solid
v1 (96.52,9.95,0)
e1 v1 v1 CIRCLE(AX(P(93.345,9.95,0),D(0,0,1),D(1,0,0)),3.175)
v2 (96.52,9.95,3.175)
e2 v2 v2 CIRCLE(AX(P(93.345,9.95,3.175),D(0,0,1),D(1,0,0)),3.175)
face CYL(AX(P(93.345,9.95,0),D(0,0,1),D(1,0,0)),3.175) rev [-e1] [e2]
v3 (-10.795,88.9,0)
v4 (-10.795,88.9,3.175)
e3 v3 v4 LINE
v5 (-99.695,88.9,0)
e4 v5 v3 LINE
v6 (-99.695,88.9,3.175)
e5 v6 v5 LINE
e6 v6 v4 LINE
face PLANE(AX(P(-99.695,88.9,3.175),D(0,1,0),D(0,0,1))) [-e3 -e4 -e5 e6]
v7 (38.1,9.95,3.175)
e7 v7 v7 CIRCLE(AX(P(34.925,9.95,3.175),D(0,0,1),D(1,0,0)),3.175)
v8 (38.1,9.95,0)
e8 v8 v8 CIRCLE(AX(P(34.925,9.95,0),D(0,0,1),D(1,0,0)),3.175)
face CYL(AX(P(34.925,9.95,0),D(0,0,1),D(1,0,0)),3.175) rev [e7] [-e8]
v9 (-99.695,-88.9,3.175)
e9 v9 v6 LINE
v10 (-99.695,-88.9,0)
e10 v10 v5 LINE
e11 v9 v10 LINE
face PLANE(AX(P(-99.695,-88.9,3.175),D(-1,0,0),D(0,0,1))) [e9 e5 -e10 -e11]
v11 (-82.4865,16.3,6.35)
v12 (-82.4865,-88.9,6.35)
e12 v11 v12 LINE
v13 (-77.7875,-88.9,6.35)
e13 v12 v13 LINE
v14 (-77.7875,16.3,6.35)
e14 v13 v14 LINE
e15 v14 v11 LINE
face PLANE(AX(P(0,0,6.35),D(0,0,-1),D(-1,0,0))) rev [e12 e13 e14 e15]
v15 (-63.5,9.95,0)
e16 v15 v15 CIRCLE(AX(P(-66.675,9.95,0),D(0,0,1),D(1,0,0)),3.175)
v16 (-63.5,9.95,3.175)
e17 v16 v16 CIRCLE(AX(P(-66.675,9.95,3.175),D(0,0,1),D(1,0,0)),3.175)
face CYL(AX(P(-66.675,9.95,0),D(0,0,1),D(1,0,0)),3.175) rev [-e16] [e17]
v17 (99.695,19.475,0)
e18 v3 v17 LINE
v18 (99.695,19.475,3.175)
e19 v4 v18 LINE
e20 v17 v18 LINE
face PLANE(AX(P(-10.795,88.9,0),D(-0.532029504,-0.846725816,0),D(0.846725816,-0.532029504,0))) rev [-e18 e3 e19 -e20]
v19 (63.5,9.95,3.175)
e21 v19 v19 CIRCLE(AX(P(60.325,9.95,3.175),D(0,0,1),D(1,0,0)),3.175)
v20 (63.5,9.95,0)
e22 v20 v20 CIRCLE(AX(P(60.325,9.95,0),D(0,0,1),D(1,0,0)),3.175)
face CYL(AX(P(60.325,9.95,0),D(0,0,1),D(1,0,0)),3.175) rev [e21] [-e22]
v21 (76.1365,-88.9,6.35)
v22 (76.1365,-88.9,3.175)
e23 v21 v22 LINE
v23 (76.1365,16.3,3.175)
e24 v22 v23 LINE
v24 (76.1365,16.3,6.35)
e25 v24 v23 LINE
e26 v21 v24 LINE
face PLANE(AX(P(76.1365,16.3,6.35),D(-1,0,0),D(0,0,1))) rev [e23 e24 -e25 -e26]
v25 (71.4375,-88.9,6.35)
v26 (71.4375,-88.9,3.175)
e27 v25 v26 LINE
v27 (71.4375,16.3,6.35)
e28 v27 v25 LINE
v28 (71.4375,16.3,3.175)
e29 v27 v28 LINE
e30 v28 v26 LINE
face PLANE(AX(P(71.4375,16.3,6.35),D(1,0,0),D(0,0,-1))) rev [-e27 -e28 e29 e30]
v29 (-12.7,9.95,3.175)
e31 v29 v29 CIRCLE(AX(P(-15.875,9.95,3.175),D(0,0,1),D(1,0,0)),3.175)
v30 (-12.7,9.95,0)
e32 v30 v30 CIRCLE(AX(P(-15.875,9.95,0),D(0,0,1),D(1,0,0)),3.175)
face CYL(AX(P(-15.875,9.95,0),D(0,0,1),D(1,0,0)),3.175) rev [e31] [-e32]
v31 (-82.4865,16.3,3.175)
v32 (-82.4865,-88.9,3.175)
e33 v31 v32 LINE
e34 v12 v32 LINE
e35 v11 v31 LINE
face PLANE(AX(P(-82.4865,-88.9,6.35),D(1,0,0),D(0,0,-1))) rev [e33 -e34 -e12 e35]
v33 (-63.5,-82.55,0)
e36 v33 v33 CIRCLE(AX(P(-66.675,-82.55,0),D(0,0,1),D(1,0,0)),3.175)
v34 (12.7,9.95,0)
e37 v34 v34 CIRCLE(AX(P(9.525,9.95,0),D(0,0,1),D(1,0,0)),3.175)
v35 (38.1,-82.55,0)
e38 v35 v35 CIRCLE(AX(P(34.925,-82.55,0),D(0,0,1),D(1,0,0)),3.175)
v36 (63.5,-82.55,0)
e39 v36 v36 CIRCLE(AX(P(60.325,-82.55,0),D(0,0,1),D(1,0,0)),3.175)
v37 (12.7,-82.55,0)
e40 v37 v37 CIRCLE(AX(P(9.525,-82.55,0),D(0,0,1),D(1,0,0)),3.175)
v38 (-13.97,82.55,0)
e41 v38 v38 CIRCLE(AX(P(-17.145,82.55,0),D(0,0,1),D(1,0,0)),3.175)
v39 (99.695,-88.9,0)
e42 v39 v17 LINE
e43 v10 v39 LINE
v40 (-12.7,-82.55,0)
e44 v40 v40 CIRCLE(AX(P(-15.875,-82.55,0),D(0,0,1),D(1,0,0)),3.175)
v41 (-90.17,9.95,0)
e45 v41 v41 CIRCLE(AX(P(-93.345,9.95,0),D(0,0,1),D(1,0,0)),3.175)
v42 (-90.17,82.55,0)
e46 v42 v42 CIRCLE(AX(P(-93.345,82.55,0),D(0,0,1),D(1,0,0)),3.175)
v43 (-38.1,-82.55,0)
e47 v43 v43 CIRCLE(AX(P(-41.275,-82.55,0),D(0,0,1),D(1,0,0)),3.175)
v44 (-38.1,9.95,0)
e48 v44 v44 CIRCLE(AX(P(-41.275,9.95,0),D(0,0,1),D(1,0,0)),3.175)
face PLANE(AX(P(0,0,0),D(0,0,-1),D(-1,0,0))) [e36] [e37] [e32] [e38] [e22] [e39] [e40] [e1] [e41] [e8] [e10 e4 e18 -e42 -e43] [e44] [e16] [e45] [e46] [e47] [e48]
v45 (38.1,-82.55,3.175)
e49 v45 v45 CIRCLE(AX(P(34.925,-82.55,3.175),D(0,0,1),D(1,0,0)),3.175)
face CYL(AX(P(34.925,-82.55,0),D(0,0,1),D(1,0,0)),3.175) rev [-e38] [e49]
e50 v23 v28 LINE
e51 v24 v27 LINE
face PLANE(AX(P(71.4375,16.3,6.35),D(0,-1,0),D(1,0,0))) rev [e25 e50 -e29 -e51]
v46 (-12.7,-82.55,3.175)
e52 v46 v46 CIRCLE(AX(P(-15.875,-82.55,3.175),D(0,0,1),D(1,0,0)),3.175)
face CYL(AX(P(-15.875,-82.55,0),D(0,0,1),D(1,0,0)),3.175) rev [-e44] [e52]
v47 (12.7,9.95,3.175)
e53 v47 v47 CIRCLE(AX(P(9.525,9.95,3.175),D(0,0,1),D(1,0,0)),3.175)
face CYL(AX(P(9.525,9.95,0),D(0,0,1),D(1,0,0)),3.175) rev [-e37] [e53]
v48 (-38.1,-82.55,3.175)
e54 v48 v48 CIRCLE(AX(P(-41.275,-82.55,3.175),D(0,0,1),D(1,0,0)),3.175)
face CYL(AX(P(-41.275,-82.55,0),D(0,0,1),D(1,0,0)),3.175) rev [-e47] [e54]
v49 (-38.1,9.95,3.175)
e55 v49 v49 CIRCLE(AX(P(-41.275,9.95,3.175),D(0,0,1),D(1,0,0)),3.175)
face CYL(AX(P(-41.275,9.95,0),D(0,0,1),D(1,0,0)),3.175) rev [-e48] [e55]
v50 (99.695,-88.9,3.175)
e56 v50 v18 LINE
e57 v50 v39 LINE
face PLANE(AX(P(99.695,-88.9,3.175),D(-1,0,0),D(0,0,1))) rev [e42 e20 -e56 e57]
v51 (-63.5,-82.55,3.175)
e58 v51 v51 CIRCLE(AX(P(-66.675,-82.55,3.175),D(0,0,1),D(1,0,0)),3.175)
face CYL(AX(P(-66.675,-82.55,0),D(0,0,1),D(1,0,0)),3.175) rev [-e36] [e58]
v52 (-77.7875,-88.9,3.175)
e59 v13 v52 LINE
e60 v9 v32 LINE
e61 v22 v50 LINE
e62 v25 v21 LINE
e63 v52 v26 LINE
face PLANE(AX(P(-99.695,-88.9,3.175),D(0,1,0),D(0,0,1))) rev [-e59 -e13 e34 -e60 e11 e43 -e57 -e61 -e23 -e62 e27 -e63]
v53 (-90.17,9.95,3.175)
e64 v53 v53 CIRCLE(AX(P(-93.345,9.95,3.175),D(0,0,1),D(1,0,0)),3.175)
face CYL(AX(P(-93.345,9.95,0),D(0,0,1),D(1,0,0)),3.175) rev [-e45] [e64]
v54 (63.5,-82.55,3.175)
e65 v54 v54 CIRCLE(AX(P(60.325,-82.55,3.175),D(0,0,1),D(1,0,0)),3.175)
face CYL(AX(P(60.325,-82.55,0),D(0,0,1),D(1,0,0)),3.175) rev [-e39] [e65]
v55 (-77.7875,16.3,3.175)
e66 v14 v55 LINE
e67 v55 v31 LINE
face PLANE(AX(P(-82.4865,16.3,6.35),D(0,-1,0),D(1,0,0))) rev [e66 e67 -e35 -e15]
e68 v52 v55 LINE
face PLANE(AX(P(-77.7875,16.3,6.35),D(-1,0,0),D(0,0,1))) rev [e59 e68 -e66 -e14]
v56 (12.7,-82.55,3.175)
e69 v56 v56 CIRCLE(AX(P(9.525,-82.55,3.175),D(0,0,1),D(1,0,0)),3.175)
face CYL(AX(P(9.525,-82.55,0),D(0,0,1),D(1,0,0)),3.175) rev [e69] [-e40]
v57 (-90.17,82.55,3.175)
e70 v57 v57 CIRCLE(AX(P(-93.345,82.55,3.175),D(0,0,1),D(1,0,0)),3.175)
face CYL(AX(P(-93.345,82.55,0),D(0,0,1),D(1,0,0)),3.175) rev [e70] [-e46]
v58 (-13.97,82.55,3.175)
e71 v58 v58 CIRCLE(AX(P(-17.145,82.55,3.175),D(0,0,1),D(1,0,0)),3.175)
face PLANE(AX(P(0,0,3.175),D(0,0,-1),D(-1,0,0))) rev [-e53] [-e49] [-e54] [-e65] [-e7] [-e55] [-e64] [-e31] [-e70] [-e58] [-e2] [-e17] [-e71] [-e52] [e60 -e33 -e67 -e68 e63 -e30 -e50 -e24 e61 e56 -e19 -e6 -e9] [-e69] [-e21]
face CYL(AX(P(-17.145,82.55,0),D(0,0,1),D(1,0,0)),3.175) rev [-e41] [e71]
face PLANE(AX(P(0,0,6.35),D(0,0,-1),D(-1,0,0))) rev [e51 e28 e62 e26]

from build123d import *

# Parameters (mm, degrees)
SKETCH1_W           = 199.39
SKETCH1_H           = 177.8
BOSS_EXTRUDE1_DEPTH = 3.175
CUT_EXTRUDE4_DEPTH  = 134.612812447
SKETCH7_R           = 3.175
CUT_EXTRUDE5_DEPTH  = 134.612812447
SKETCH8_W           = 4.699
SKETCH8_H           = 105.199999912
BOSS_EXTRUDE2_DEPTH = 3.175


with BuildPart() as part:
    # Sketch1 → Boss-Extrude1 (new body)
    with BuildSketch(Plane.XY):
        Rectangle(SKETCH1_W, SKETCH1_H)
    extrude(amount=BOSS_EXTRUDE1_DEPTH)

    # Sketch6 → Cut-Extrude4 (cut, through all)
    with BuildSketch(Plane.XY.offset(3.175)):
        Polygon((99.695, 88.9), (99.695, 19.474999912), (-10.795, 88.9), align=None)
    extrude(amount=-CUT_EXTRUDE4_DEPTH, mode=Mode.SUBTRACT)

    # Sketch7 → Cut-Extrude5 (cut, through all)
    with BuildSketch(Plane.XY.offset(3.175)):
        with Locations((-93.345, 82.55)):
            Circle(SKETCH7_R)
        with Locations((-93.345, 9.949999912)):
            Circle(SKETCH7_R)
        with Locations((93.345, 9.949999912)):
            Circle(SKETCH7_R)
        with Locations((-66.675, 9.949999912)):
            Circle(SKETCH7_R)
        with Locations((-41.275, 9.949999912)):
            Circle(SKETCH7_R)
        with Locations((-15.875, 9.949999912)):
            Circle(SKETCH7_R)
        with Locations((9.525, 9.949999912)):
            Circle(SKETCH7_R)
        with Locations((34.925, 9.949999912)):
            Circle(SKETCH7_R)
        with Locations((60.325, 9.949999912)):
            Circle(SKETCH7_R)
        with Locations((-17.145, 82.55)):
            Circle(SKETCH7_R)
        with Locations((-66.675, -82.55)):
            Circle(SKETCH7_R)
        with Locations((-41.275, -82.55)):
            Circle(SKETCH7_R)
        with Locations((-15.875, -82.55)):
            Circle(SKETCH7_R)
        with Locations((9.525, -82.55)):
            Circle(SKETCH7_R)
        with Locations((34.925, -82.55)):
            Circle(SKETCH7_R)
        with Locations((60.325, -82.55)):
            Circle(SKETCH7_R)
    extrude(amount=-CUT_EXTRUDE5_DEPTH, mode=Mode.SUBTRACT)

    # Sketch8 → Boss-Extrude2 (add)
    with BuildSketch(Plane.XY.offset(3.175)):
        with Locations((-80.137, -36.300000044)):
            Rectangle(SKETCH8_W, SKETCH8_H)
        with Locations((73.787, -36.300000044)):
            Rectangle(SKETCH8_W, SKETCH8_H)
    extrude(amount=BOSS_EXTRUDE2_DEPTH)


solid = part.part
